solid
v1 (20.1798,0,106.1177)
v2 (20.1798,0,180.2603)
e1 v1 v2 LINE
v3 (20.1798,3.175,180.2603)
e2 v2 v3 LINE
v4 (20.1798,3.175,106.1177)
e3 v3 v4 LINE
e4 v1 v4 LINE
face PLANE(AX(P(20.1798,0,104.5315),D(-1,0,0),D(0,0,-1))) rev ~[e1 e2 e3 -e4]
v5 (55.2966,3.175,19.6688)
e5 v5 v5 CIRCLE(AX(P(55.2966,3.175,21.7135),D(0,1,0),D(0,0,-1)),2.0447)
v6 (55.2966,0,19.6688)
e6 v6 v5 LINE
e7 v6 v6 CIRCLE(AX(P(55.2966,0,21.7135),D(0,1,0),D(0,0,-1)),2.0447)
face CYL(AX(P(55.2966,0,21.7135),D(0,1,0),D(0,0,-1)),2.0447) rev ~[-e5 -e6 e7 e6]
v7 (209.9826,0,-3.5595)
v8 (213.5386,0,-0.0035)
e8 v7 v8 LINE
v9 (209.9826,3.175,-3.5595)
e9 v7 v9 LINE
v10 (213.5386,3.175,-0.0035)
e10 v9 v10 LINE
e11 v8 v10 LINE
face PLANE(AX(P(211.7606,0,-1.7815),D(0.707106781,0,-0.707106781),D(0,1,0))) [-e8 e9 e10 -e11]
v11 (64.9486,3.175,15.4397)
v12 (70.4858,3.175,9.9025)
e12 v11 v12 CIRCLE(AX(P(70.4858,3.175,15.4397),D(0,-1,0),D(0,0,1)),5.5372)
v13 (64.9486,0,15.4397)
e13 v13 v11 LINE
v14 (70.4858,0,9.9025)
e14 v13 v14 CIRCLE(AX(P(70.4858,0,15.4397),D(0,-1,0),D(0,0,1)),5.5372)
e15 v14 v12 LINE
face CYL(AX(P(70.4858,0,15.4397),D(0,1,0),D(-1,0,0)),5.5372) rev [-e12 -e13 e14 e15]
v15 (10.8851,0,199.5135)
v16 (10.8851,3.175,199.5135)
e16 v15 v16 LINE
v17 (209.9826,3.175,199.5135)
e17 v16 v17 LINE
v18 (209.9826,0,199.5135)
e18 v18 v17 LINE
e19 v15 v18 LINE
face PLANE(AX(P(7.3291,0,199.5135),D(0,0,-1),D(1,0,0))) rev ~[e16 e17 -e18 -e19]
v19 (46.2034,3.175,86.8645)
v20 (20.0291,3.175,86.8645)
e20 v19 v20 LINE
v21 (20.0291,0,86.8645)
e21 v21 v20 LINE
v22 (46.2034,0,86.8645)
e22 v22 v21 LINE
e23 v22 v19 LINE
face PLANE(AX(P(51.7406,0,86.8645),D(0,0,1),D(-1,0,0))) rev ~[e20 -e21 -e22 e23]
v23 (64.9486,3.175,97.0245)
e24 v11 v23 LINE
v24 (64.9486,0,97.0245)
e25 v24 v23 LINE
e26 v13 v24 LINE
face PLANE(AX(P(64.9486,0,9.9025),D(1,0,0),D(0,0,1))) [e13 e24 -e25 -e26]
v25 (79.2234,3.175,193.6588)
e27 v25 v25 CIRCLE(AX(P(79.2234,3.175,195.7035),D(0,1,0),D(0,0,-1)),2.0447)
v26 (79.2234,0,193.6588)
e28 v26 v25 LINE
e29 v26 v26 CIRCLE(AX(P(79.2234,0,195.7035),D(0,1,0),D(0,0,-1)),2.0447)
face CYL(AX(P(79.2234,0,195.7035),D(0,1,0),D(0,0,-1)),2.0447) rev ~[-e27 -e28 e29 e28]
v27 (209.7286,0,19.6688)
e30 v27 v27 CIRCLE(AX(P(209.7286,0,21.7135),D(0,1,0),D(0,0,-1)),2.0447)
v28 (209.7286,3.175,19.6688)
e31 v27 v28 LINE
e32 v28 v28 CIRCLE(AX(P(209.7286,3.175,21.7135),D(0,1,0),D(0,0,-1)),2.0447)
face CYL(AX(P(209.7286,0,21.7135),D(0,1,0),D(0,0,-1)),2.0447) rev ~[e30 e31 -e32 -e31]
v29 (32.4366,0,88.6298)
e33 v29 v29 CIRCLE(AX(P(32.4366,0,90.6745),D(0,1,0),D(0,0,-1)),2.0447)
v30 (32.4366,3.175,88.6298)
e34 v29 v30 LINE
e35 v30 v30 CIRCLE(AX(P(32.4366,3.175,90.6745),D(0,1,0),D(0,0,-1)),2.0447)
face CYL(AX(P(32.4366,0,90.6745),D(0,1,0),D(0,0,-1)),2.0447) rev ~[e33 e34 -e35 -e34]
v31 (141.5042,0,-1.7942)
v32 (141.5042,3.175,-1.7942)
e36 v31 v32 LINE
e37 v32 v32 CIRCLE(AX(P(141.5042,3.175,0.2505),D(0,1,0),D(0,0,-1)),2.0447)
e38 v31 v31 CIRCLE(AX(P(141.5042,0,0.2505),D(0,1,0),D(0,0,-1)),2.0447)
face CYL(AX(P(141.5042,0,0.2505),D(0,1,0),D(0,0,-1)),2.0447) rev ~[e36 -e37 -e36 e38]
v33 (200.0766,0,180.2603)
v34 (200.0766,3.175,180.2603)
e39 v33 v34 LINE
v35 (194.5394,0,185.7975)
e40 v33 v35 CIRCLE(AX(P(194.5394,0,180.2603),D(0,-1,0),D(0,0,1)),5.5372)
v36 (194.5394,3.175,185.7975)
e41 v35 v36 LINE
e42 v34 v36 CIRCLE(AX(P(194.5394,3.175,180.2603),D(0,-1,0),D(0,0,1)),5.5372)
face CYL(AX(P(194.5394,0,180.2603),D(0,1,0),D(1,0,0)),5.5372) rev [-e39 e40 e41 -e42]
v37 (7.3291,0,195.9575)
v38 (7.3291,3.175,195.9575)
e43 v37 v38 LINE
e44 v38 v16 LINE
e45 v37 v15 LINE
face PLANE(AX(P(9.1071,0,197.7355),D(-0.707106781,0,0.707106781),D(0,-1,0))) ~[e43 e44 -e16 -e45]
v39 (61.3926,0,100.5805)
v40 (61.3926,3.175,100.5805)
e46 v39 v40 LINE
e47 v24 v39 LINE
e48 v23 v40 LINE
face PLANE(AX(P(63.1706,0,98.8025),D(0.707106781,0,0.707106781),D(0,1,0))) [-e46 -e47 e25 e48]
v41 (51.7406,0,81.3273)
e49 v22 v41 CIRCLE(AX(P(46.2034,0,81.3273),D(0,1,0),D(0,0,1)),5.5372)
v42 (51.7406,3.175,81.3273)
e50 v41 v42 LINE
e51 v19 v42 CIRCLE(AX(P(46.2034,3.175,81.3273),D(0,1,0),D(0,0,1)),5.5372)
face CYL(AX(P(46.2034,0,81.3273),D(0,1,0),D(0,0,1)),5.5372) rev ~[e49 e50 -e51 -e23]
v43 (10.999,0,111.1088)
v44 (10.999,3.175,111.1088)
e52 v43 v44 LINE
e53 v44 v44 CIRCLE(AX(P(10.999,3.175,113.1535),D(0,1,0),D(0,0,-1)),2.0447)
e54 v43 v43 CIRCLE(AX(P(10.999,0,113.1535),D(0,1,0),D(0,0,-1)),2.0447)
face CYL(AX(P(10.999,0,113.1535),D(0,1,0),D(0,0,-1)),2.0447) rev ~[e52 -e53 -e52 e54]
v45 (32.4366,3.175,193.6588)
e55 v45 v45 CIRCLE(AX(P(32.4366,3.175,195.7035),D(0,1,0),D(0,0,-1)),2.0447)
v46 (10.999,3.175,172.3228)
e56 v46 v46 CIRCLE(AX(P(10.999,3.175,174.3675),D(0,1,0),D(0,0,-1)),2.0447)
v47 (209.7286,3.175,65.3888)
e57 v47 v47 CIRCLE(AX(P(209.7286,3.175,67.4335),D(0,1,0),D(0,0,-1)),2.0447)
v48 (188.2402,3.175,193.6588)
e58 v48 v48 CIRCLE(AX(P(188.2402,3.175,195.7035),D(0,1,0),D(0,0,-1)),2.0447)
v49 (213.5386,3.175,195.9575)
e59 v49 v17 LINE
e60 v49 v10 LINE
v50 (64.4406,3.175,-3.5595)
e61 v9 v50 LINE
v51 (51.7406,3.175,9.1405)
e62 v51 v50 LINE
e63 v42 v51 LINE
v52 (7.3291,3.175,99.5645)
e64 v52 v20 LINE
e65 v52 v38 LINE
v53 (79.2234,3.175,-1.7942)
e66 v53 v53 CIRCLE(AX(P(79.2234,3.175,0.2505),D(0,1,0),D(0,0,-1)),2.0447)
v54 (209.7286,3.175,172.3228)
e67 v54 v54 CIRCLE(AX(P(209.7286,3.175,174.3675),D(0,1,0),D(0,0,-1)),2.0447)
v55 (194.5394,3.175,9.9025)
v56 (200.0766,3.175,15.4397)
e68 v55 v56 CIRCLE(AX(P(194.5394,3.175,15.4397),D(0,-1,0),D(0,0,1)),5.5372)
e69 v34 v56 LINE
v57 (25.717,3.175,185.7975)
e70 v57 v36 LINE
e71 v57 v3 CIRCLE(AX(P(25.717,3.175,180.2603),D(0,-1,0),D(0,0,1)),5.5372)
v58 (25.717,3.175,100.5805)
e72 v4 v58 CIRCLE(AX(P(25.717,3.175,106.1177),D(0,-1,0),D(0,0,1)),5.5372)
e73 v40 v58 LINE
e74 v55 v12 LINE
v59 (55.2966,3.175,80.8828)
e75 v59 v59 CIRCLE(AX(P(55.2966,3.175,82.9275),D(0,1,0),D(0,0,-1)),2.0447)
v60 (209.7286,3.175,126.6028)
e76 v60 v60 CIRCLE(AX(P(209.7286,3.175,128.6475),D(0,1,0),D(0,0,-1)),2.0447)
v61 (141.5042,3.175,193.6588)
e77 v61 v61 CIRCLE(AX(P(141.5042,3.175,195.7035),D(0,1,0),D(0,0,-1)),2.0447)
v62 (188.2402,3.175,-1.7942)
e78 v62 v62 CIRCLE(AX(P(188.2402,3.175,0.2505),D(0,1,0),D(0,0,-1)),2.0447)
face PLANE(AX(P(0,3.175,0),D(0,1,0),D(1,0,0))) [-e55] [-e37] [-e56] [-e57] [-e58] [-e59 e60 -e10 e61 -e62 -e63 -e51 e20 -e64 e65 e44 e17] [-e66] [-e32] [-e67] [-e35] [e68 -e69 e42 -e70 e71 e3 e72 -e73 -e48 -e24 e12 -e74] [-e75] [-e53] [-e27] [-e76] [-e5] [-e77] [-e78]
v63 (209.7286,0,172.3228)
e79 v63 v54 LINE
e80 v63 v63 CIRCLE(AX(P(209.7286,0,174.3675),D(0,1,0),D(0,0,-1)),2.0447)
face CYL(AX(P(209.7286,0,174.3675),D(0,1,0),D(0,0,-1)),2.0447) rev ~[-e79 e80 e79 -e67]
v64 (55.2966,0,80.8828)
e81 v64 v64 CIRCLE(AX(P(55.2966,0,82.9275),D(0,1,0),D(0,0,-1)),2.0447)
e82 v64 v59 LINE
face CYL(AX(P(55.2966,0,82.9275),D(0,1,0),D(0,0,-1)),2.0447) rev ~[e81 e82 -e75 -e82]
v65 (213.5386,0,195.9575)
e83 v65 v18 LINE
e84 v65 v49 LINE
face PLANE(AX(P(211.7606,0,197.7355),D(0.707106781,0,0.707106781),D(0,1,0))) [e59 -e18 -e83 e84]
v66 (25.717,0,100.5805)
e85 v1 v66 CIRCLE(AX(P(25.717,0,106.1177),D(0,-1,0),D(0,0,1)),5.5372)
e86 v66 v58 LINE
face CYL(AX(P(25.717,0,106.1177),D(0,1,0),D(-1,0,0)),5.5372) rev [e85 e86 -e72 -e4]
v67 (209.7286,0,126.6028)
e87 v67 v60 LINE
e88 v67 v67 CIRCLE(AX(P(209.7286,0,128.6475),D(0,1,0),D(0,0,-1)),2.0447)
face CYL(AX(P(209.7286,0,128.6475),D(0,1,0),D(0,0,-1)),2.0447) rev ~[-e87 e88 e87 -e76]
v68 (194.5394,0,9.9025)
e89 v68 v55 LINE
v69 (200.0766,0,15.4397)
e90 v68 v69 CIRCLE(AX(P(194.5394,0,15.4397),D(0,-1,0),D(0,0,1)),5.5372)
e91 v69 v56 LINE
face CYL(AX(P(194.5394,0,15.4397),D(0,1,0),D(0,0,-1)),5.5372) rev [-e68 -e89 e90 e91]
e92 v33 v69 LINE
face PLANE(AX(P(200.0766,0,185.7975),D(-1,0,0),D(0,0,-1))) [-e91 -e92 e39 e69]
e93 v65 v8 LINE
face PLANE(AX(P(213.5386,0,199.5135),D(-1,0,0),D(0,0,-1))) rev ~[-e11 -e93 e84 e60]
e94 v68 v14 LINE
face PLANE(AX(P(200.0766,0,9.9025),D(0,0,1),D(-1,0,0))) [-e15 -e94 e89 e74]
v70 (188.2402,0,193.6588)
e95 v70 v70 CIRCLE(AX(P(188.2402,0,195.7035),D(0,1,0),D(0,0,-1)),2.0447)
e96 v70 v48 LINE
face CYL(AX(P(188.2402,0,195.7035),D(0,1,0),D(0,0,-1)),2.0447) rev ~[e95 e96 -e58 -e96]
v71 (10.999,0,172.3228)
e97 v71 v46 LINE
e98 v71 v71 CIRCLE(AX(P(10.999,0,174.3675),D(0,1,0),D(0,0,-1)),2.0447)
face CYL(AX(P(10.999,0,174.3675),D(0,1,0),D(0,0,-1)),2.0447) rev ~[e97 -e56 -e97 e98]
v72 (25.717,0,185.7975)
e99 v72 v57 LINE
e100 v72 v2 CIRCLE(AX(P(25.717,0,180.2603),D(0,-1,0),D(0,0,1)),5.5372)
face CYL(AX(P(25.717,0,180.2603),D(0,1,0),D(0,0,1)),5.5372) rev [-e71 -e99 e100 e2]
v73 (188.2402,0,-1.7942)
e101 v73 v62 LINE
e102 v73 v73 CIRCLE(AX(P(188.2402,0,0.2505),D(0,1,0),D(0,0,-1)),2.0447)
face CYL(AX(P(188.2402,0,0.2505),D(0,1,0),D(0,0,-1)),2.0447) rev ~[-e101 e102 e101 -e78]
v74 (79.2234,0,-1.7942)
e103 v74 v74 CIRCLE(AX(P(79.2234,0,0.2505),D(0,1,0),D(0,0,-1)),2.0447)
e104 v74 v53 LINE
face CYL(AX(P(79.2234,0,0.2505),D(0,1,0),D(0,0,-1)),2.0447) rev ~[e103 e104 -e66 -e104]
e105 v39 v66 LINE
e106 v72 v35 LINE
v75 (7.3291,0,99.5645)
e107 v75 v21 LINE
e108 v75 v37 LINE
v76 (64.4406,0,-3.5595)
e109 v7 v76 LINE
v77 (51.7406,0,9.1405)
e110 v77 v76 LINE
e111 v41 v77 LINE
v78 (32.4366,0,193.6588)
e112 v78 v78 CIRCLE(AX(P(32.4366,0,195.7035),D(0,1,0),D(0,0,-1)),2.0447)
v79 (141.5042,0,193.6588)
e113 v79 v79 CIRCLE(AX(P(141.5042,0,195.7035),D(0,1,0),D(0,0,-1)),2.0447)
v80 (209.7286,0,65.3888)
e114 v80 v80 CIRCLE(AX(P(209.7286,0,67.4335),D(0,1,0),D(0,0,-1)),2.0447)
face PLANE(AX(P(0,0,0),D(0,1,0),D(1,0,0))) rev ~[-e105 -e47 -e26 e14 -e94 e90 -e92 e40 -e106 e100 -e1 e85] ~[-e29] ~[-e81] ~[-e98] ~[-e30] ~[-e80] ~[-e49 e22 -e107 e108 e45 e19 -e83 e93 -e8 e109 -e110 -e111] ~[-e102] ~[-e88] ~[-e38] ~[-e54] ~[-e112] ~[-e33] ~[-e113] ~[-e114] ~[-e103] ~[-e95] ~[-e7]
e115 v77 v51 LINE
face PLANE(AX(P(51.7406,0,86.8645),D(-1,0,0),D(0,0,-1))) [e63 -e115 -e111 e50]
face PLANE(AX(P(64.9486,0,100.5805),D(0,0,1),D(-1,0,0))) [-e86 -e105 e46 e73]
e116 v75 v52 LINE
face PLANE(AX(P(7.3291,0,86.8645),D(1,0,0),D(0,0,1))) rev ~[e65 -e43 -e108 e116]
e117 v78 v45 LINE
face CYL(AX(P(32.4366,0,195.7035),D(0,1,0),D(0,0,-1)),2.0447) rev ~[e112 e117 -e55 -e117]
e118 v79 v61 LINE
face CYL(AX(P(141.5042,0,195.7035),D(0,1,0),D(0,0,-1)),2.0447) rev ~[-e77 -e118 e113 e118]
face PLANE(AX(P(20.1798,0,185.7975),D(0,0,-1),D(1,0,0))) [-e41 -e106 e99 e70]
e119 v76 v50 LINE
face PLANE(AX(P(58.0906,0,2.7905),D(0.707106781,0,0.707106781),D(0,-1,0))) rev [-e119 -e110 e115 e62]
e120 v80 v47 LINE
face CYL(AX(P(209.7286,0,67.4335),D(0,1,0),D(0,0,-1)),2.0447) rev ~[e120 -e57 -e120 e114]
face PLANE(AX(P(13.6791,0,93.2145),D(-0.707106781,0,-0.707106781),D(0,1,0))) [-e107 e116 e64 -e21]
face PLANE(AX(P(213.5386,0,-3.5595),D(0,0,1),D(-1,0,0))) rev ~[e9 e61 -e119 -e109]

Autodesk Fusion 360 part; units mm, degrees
sketch "Front" plane through (0, 0, 0) normal (0, 1, 0) x (1, 0, 0) in component "1006349"
  line L0 (-57.8768, -199.5135) -> (216.2733, -199.5135) construction
  line L1 (-57.6388, 3.5595) -> (225.0785, 3.5595) construction
  line L2 (7.3291, 79.7924) -> (7.3291, -206.2565) construction
  line L3 (213.5386, 80.0304) -> (213.5386, -202.9248) construction
  line L4 (-45.264, -185.7975) -> (221.5088, -185.7975) construction
  line L5 (-43.8142, -9.9025) -> (216.9872, -9.9025) construction
  line L6 (20.1798, 68.3695) -> (20.1798, -205.3046) construction
  line L7 (-33.6031, -100.5805) -> (90.6212, -100.5805) construction
  line L8 (-21.4662, -86.8645) -> (74.9147, -86.8645) construction
  line L9 (51.7406, 52.901) -> (51.7406, -104.1642) construction
  line L10 (64.9486, 43.6199) -> (64.9486, -104.4021) construction
  line L11 (61.3164, 31.245) -> (61.3164, -104.4021) construction
  line L12 (204.2676, 28.1453) -> (204.2676, -293.7347) construction
  line L13 (301.4692, -174.3675) -> (-2.19, -174.3675) construction
  line L14 (289.3324, -128.6475) -> (193.4275, -128.6475) construction
  line L15 (188.2402, -212.6819) -> (188.2402, 15.0626) construction
  line L16 (141.5042, -224.3428) -> (141.5042, 9.827) construction
  line L17 (79.2234, -236.9556) -> (79.2234, 11.9688) construction
  line L18 (32.4366, -262.9987) -> (32.4366, -64.0809) construction
  line L19 (55.2966, -250.3288) -> (55.2966, 19.8573) construction
  line L20 (276.3559, -113.1535) -> (-0.7101, -113.1535) construction
  line L21 (251.1435, -82.9275) -> (47.1227, -82.9275) construction
  line L22 (224.557, -21.7135) -> (42.5012, -21.7135) construction
  line L23 (328.6587, -0.2505) -> (74.127, -0.2505) construction
  line L24 (326.747, -5.7115) -> (-6.8013, -5.7115) construction
  line L25 (238.6648, -67.4335) -> (193.169, -67.4335) construction
  line L26 (209.7286, -275.7982) -> (209.7286, -12.1057) construction
  line L27 (313.957, -195.7035) -> (25.5151, -195.7035) construction
  line L28 (325.8246, -190.0139) -> (-1.5489, -190.0139) construction
  line L29 (263.2084, -90.6745) -> (24.7432, -90.6745) construction
  line L30 (10.999, -276.0365) -> (10.999, -104.4195) construction
  line L31 (16.7648, -288.1351) -> (16.7648, -78.75) construction
  line L32 (7.3291, -199.5135) -> (213.5386, -199.5135)
  line L33 (213.5386, 3.5595) -> (51.7406, 3.5595)
  line L34 (51.7406, -86.8645) -> (51.7406, 3.5595)
  line L35 (51.7406, -86.8645) -> (7.3291, -86.8645)
  line L36 (7.3291, -86.8645) -> (7.3291, -199.5135)
  line L37 (213.5386, -199.5135) -> (213.5386, 3.5595)
  line L38 (20.1798, -104.5315) -> (20.1798, -100.5805)
  line L39 (200.0766, -193.5194) -> (200.0766, 68.0398) construction
  line L40 (-6.7988, -96.9737) -> (70.6703, -96.9737) construction
  line L41 (20.1798, -185.7975) -> (200.0766, -185.7975)
  line L42 (200.0766, -185.7975) -> (200.0766, -5.7115)
  line L43 (64.9486, -5.7115) -> (64.9486, -100.5805)
  line L44 (64.9486, -100.5805) -> (20.1798, -100.5805)
  line L45 (20.1798, -100.5805) -> (20.1798, -185.7975)
  line L46 (200.0766, -9.9025) -> (64.9486, -9.9025)
  point P0 (10.999, -174.3675)
  point P1 (32.4366, -195.7035)
  point P2 (79.2234, -195.7035)
  point P3 (141.5042, -195.7035)
  point P4 (188.2402, -195.7035)
  point P5 (209.7286, -174.3675)
  point P6 (209.7286, -128.6475)
  point P7 (209.7286, -67.4335)
  point P8 (209.7286, -21.7135)
  point P9 (188.2402, -0.2505)
  point P10 (141.5042, -0.2505)
  point P11 (79.2234, -0.2505)
  point P12 (55.2966, -21.7135)
  point P13 (55.2966, -82.9275)
  point P14 (32.4366, -90.6745)
  point P15 (10.999, -113.1535)
  dimension "d1" = 203.073
  dimension "d2" = 174.117
  dimension "d3" = 128.397
  dimension "d4" = 90.424
  dimension "d5" = 82.677
  dimension "d6" = 67.183
  dimension "d7" = 21.463
  dimension "d8" = 195.453
  dimension "d9" = 90.424
  dimension "d10" = 13.462
  dimension "d14" = 198.7296
  dimension "d15" = 177.292
  dimension "d16" = 154.432
  dimension "d17" = 130.5052
  dimension "d18" = 68.2244
  dimension "d19" = 21.4884
  dimension "d20" = 161.798
  dimension "d22" = 142.9512
  dimension "d26" = 175.895
  dimension "d27" = 112.903
  dimension "d28" = 184.3024
  dimension "d31" = 5.461
  dimension "d32" = 13.716
  dimension "d33" = 187.5028
  dimension "d46" = 9.652
  dimension "d48" = 13.462
  dimension "d49" = 135.128
  dimension "d50" = 91.2622
  dimension "d51" = 5.461
extrude "Extrude2" add sketch "Front" along normal blind 3.175 in component "1006349"
chamfer "Chamfer3" distance 3.556 angle 45 4 edges at (213.5386, 1.5875, -3.5595) (64.9486, 1.5875, 100.5805) (7.3291, 1.5875, 199.5135) (213.5386, 1.5875, 199.5135) in component "1006349"
chamfer "Chamfer4" distance 12.7 angle 45 2 edges at (7.3291, 1.5875, 86.8645) (51.7406, 1.5875, -3.5595) in component "1006349"
fillet "Fillet2" radius 5.5372 6 edges at (20.1798, 1.5875, 185.7975) (20.1798, 1.5875, 100.5805) (64.9486, 1.5875, 9.9025) (200.0766, 1.5875, 9.9025) (200.0766, 1.5875, 185.7975) (51.7406, 1.5875, 86.8645) in component "1006349"
hole "Hole2" at (32.4366, 0, 195.7035) at (79.2234, 0, 195.7035) at (141.5042, 0, 195.7035) at (188.2402, 0, 195.7035) at (10.999, 0, 174.3675) at (10.999, 0, 113.1535) at (32.4366, 0, 90.6745) at (209.7286, 0, 174.3675) at (209.7286, 0, 128.6475) at (209.7286, 0, 67.4335) at (209.7286, 0, 21.7135) at (188.2402, 0, 0.2505) at (141.5042, 0, 0.2505) at (79.2234, 0, 0.2505) at (55.2966, 0, 21.7135) at (55.2966, 0, 82.9275) direction (0, 1, 0) diameter 4.0894 end through all in component "1006349"
component "1006349" placed x (1, 0, 0) y (0, 1, 0) z (0, 0, 1) at (0, 0, 0)
